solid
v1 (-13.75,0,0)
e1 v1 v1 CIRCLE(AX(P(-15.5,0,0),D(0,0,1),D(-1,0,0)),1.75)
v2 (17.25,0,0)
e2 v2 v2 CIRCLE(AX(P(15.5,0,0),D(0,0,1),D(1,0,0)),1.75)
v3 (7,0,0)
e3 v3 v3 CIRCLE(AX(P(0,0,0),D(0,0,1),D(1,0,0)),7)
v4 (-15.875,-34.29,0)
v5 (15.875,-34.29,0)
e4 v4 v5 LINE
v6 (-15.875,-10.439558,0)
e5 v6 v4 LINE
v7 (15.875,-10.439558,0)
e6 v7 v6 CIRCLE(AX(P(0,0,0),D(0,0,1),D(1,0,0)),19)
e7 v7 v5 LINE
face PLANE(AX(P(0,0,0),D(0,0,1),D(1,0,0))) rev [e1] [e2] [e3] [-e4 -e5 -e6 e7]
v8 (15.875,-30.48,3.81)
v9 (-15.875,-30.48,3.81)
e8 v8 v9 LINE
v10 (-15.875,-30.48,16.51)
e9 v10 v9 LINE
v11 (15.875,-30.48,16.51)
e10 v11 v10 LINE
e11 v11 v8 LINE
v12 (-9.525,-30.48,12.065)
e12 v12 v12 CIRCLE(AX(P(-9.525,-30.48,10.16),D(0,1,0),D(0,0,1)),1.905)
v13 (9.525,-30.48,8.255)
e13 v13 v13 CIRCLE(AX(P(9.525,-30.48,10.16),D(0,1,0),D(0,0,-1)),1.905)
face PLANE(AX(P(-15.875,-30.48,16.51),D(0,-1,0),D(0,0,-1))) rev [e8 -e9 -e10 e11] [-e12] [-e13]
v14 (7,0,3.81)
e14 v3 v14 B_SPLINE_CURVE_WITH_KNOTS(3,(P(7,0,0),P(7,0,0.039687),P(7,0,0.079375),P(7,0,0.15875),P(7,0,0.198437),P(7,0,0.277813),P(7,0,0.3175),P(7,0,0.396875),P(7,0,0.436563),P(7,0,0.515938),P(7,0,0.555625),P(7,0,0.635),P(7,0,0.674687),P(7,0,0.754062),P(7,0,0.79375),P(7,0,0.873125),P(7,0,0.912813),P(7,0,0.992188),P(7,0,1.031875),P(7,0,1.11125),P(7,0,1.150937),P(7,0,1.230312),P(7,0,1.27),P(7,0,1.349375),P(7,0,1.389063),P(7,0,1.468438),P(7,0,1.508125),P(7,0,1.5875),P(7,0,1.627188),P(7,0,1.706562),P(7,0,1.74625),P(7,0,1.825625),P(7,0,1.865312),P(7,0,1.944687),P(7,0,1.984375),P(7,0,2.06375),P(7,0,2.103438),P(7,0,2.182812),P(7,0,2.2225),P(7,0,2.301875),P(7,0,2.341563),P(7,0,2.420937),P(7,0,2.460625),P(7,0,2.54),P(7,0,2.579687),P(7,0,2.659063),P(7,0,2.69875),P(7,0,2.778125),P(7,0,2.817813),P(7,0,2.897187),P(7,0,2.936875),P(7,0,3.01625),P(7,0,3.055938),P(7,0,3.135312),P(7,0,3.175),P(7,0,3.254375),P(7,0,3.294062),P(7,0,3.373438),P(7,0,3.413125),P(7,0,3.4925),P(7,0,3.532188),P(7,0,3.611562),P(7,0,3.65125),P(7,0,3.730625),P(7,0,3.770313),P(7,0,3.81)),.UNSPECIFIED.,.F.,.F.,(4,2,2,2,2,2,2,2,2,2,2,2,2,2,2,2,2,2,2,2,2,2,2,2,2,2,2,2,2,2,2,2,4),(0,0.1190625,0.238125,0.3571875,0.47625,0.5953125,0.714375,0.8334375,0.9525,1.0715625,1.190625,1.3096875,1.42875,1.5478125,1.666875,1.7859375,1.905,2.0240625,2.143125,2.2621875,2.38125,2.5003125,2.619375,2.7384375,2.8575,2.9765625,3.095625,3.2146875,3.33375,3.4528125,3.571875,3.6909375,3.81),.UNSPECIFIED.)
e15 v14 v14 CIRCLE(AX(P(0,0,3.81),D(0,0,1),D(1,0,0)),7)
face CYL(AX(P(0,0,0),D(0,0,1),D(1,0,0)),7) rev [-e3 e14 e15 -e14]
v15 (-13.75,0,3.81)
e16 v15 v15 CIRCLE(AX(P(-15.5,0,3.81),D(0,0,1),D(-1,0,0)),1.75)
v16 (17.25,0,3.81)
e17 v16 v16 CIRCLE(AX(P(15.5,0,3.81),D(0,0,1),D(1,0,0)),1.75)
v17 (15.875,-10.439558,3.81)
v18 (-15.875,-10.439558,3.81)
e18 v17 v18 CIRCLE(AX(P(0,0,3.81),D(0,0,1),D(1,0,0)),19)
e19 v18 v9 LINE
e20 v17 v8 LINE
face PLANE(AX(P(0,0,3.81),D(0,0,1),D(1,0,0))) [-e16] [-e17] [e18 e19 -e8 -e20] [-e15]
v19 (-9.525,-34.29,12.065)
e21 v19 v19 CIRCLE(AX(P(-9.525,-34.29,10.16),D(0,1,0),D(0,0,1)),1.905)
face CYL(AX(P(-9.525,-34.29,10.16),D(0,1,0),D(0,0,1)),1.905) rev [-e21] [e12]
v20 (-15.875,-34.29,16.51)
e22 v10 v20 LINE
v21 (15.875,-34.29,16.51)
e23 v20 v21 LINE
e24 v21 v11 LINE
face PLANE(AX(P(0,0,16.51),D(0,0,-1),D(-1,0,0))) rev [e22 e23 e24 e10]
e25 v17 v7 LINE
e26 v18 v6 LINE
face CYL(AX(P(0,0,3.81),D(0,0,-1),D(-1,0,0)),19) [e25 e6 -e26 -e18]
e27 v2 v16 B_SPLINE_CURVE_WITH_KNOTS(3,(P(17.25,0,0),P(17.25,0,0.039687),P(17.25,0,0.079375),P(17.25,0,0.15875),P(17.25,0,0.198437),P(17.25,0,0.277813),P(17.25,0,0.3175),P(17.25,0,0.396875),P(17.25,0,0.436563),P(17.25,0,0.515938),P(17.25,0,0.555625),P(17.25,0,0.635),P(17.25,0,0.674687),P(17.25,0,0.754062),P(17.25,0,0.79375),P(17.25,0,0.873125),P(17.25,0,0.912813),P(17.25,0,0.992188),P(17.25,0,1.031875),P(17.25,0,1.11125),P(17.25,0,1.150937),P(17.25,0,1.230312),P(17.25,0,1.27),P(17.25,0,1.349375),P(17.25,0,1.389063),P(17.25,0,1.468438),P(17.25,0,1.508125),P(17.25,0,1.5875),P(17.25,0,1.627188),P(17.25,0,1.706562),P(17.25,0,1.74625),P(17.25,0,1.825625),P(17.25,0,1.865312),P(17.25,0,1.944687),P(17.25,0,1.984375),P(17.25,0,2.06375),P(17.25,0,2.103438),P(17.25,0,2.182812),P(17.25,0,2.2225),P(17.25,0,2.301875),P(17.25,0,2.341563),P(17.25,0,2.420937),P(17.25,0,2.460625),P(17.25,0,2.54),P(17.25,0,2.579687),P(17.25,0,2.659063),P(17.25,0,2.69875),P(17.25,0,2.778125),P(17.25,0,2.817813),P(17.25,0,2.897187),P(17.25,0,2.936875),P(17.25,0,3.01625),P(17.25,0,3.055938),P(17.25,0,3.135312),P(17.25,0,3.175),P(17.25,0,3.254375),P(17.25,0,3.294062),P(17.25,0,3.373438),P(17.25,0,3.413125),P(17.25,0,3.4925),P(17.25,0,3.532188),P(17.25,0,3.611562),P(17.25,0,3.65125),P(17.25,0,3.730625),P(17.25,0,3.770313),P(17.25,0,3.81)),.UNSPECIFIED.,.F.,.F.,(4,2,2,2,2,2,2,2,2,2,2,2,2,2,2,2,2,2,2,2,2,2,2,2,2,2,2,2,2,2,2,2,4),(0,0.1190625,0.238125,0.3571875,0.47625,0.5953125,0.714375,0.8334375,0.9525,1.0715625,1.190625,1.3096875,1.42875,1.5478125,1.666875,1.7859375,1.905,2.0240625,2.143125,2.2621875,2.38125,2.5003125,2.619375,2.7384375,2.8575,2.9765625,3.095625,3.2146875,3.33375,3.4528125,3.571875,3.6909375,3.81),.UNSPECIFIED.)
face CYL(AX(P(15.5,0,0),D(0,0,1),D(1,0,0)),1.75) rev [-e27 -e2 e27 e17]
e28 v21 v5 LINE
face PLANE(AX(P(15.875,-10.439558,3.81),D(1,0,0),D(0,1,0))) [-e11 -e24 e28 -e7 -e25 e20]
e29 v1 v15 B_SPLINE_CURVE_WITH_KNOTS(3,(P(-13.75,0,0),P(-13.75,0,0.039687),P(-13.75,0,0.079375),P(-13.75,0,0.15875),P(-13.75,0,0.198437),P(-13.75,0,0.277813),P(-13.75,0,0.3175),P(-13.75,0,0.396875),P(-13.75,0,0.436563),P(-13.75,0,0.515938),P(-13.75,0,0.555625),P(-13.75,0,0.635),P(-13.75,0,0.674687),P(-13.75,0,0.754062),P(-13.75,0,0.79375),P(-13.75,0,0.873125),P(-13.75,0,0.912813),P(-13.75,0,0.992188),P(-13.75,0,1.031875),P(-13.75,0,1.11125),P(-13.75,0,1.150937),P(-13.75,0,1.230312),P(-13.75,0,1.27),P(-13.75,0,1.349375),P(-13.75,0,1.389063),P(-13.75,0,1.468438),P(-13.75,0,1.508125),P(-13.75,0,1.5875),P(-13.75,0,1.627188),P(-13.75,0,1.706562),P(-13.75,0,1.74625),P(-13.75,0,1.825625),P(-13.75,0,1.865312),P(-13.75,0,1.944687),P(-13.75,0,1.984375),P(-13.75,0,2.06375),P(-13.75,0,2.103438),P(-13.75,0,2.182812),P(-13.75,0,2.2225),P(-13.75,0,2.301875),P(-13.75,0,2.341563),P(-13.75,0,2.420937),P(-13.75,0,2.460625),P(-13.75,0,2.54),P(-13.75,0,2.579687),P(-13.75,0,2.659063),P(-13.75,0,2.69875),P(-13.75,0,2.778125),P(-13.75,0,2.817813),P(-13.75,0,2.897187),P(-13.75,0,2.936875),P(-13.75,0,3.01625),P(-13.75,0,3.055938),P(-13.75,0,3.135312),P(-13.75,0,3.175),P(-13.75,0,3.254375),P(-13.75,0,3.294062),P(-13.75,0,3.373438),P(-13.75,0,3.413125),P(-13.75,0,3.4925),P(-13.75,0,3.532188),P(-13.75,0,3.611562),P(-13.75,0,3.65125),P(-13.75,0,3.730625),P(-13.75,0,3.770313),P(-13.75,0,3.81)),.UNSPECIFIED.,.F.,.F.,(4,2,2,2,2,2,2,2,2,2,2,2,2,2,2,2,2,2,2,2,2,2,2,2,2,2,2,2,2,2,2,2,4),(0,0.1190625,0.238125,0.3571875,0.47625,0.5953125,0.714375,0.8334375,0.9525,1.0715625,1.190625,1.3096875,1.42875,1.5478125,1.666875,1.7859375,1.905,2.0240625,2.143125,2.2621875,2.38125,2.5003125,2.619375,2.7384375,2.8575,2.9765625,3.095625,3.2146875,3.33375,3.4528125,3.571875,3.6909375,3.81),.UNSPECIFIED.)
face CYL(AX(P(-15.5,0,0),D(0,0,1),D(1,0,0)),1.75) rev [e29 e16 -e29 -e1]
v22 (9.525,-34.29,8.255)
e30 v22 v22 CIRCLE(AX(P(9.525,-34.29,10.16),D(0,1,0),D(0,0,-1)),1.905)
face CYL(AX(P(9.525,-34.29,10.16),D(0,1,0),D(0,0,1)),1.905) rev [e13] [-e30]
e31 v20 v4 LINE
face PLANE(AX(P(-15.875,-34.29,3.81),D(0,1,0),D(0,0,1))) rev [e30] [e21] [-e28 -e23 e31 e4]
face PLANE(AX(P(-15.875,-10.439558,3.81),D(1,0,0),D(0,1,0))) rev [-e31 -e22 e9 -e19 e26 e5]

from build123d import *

# Parameters (mm, degrees)
BOSS_EXTRUDE1_DEPTH = 3.81
SKETCH3_R           = 7
CUT_EXTRUDE1_DEPTH  = 40.386802358
SKETCH4_W           = 31.75
SKETCH4_H           = 3.81
BOSS_EXTRUDE2_DEPTH = 12.7
SKETCH5_R           = 1.905
CUT_EXTRUDE2_DEPTH  = 56.514417046
SKETCH6_R           = 1.75
CUT_EXTRUDE3_DEPTH  = 42.207937342


with BuildPart() as part:
    # Sketch1 → Boss-Extrude1 (new body)
    with BuildSketch(Plane.XY):
        with BuildLine():
            ThreePointArc((19, 0), (-5.448623679, 18.201991649), (-15.875, -10.43955818))
            Line((-15.875, -10.43955818), (15.875, -10.43955818))
            ThreePointArc((15.875, -10.43955818), (18.201991649, -5.448623679), (19, 0))
        make_face()
        with BuildLine():
            ThreePointArc((15.875, -10.43955818), (0, -19), (-15.875, -10.43955818))
            Line((-15.875, -10.43955818), (-15.875, -34.29))
            Line((-15.875, -34.29), (15.875, -34.29))
            Line((15.875, -34.29), (15.875, -10.43955818))
        make_face()
        with BuildLine():
            Line((15.875, -10.43955818), (-15.875, -10.43955818))
            ThreePointArc((-15.875, -10.43955818), (0, -19), (15.875, -10.43955818))
        make_face()
    extrude(amount=BOSS_EXTRUDE1_DEPTH)

    # Sketch3 → Cut-Extrude1 (cut, through all)
    with BuildSketch(Plane.XY.offset(3.81)):
        Circle(SKETCH3_R)
    extrude(amount=-CUT_EXTRUDE1_DEPTH, mode=Mode.SUBTRACT)

    # Sketch4 → Boss-Extrude2 (add)
    with BuildSketch(Plane.XY.offset(3.81)):
        with Locations((0, -32.385)):
            Rectangle(SKETCH4_W, SKETCH4_H)
    extrude(amount=BOSS_EXTRUDE2_DEPTH)

    # Sketch5 → Cut-Extrude2 (cut, through all)
    with BuildSketch(Plane(origin=(0, -30.48, 0), x_dir=(1, 0, 0), z_dir=(0, 1, 0))):
        with Locations(Location((-9.525, -10.16, 0), (0, 0, 270))):
            Circle(SKETCH5_R)
        with Locations(Location((9.525, -10.16, 0), (0, 0, 90))):
            Circle(SKETCH5_R)
    extrude(amount=-CUT_EXTRUDE2_DEPTH, mode=Mode.SUBTRACT)

    # Sketch6 → Cut-Extrude3 (cut, through all)
    with BuildSketch(Plane.XY.offset(3.81)):
        with Locations((15.5, 0)):
            Circle(SKETCH6_R)
        with Locations((-15.5, 0)):
            Circle(SKETCH6_R)
    extrude(amount=-CUT_EXTRUDE3_DEPTH, mode=Mode.SUBTRACT)


solid = part.part
